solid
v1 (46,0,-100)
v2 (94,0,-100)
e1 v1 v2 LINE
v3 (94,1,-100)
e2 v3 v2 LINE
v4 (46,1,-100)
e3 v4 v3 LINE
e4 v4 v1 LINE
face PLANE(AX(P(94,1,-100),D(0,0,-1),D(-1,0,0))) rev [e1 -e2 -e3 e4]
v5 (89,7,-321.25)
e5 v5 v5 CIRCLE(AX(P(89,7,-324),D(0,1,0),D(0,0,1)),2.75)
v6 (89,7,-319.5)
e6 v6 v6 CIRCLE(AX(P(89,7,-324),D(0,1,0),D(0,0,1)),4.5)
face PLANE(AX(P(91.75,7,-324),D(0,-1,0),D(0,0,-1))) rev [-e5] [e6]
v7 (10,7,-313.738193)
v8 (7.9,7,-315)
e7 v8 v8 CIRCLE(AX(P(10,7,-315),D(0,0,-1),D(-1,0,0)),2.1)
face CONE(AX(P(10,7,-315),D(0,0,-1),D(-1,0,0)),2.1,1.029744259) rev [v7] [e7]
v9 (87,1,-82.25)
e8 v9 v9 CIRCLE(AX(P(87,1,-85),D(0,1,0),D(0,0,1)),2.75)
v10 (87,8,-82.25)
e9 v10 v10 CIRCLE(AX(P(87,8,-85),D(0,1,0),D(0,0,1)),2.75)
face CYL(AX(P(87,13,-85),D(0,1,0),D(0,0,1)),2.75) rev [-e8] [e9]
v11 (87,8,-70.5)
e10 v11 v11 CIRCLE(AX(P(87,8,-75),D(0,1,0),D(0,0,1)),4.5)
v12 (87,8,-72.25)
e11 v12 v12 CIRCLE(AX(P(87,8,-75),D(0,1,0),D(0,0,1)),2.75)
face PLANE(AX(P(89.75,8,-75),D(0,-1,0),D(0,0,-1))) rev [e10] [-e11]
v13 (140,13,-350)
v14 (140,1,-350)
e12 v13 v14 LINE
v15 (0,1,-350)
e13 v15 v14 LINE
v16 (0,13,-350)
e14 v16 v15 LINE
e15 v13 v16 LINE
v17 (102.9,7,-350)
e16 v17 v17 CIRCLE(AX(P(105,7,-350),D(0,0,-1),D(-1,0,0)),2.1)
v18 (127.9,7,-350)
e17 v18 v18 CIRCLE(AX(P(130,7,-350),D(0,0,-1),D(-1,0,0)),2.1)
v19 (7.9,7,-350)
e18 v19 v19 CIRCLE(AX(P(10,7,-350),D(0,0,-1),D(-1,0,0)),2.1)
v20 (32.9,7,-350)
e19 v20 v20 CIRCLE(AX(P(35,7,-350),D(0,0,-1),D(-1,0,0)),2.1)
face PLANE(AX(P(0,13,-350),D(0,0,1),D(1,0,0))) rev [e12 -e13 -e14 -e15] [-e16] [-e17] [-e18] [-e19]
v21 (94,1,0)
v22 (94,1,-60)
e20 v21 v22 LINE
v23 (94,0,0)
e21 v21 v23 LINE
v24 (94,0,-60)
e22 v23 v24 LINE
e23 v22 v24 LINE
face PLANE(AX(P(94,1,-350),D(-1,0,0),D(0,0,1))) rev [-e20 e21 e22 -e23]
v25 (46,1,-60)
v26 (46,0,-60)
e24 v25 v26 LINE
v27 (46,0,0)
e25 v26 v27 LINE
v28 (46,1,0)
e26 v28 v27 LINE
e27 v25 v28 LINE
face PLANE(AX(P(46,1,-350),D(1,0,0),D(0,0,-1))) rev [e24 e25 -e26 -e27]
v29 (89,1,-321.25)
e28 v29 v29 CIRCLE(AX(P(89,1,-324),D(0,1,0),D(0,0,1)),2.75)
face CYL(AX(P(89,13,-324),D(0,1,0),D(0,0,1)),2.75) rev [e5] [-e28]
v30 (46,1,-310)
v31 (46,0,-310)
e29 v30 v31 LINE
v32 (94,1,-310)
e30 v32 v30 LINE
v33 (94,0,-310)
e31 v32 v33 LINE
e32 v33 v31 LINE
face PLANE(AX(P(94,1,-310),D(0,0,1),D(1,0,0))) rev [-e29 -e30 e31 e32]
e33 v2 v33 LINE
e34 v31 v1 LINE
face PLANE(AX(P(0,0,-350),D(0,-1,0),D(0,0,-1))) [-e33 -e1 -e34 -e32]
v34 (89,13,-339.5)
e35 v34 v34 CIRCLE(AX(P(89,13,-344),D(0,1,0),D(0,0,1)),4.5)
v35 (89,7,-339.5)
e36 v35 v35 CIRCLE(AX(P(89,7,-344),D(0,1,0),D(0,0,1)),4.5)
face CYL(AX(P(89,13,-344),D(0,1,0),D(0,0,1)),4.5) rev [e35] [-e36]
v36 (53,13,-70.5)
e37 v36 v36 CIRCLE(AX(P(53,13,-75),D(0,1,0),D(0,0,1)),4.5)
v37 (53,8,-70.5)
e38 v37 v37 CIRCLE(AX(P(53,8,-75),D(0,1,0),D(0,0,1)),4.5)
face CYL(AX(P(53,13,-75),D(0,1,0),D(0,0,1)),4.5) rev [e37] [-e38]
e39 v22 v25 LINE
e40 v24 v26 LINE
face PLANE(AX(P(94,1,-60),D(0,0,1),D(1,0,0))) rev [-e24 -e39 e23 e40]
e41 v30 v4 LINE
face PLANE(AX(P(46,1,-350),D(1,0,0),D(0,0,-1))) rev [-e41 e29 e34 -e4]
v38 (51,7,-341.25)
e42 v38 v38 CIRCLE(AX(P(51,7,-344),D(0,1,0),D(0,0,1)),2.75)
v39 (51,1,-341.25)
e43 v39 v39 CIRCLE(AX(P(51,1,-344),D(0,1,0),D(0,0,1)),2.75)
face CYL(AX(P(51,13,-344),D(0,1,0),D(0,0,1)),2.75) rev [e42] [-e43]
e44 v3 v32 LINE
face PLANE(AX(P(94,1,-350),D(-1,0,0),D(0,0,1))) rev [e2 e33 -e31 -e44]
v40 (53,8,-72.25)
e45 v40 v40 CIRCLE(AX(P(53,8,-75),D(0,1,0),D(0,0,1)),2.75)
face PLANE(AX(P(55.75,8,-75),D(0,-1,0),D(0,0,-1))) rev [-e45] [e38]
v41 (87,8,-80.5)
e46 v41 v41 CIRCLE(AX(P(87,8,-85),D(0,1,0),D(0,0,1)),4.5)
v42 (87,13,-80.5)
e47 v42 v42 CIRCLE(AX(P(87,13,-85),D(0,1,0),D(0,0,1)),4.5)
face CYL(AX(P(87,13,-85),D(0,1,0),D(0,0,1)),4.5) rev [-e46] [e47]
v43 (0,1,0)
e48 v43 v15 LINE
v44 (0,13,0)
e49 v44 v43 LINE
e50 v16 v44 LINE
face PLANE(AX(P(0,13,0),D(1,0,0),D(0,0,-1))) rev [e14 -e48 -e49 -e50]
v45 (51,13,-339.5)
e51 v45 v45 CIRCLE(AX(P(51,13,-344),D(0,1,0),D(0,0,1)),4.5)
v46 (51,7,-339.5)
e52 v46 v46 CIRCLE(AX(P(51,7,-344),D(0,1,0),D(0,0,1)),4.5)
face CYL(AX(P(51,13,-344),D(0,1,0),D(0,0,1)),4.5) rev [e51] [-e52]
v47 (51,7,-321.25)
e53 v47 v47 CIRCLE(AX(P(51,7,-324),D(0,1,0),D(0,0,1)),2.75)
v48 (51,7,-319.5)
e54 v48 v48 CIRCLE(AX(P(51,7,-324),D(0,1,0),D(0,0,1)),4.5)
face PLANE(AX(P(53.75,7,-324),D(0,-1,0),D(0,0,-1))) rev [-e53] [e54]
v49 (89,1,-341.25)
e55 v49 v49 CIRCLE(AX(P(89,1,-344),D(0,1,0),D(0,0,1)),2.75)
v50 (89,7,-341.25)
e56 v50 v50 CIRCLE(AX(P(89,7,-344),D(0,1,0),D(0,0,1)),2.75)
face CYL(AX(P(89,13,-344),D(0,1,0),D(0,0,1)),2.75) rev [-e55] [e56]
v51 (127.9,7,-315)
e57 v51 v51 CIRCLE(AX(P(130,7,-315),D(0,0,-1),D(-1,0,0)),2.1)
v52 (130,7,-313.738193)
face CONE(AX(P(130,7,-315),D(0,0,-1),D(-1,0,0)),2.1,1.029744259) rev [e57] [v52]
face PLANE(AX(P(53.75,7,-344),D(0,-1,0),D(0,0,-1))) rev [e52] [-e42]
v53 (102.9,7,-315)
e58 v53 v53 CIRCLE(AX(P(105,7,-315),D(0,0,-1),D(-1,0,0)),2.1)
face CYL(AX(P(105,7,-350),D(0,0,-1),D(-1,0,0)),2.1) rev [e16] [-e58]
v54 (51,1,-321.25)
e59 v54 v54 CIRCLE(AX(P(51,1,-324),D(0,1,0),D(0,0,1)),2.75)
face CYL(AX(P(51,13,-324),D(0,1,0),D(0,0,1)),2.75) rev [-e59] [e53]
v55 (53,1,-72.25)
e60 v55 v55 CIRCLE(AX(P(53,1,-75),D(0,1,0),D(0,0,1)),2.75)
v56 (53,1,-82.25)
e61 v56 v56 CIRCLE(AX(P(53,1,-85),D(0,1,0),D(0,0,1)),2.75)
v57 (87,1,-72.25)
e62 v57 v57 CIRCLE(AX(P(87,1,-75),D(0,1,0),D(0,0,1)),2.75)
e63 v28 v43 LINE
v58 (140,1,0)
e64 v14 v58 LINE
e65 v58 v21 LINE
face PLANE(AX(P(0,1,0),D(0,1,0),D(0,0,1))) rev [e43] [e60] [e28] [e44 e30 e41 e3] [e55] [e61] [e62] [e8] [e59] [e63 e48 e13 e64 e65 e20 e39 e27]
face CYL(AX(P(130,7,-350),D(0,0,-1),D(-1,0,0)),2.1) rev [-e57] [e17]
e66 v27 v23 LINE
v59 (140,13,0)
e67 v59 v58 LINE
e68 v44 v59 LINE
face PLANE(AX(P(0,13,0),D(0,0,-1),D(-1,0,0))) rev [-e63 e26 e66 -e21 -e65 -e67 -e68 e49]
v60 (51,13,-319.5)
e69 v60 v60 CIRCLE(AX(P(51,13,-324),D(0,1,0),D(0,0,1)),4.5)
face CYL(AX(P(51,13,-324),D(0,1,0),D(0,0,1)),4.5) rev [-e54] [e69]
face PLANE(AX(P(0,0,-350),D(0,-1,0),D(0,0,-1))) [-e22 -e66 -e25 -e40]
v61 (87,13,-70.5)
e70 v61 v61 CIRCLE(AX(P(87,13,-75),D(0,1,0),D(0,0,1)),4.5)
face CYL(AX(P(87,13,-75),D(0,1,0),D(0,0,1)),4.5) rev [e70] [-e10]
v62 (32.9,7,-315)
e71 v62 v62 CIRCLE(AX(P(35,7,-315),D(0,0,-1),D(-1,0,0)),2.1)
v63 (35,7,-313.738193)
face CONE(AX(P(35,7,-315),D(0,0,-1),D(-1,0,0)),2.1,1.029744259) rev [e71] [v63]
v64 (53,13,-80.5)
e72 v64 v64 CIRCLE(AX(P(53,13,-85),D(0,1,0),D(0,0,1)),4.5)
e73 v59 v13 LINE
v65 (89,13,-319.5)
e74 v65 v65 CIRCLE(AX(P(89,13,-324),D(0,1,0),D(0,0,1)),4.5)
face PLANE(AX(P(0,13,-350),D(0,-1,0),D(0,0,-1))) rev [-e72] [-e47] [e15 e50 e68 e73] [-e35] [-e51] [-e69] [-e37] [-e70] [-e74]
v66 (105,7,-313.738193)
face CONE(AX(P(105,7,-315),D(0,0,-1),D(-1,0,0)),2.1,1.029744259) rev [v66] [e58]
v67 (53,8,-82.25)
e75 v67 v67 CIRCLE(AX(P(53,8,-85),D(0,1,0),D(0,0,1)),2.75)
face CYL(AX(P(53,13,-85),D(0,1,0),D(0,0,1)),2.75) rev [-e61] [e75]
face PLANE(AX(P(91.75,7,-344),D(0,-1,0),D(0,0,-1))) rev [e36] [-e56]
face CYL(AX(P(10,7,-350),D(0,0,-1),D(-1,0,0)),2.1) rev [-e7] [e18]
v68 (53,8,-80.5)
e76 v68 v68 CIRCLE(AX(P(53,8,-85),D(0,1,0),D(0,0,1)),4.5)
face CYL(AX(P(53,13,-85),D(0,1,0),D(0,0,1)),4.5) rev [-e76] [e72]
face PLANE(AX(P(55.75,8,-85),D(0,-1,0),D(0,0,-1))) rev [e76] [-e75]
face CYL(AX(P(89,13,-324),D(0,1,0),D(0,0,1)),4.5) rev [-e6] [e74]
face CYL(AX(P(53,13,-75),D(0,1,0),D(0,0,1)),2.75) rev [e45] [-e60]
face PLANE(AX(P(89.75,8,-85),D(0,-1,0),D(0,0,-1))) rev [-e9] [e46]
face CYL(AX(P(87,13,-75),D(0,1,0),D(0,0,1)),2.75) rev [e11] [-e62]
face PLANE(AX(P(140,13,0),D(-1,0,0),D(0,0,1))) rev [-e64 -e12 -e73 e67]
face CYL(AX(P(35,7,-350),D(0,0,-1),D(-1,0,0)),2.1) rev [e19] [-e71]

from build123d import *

# Parameters (mm, degrees)
SZKIC1_W                                             = 140
SZKIC1_H                                             = 350
DODANIE_WYCI_GNI_CIE1_DEPTH                          = 13
SZKIC2_W                                             = 46
SZKIC2_H                                             = 350
WYTNIJ_WYCI_GNI_CIE1_DEPTH                           = 1
OTW_R_GWINTOWANY_M5X0_81_D                           = 4.2
OTW_R_GWINTOWANY_M5X0_81_DEPTH                       = 35
OTW_R_GWINTOWANY_M5X0_81_TIP                         = 1.2618073
SZKIC12_W                                            = 48
SZKIC12_H                                            = 40
WYTNIJ_WYCI_GNI_CIE3_DEPTH                           = 1
POG_BIENIE_WALCOWE_POD_M5_WKR_T_DO_CZ_CI_D           = 5.5
POG_BIENIE_WALCOWE_POD_M5_WKR_T_DO_CZ_CI_CBORE_D     = 9
POG_BIENIE_WALCOWE_POD_M5_WKR_T_DO_CZ_CI_CBORE_DEPTH = 6
POG_BIENIE_WALCOWE_POD_M5_WKR_T_DO_C_2_D             = 5.5
POG_BIENIE_WALCOWE_POD_M5_WKR_T_DO_C_2_CBORE_D       = 9
POG_BIENIE_WALCOWE_POD_M5_WKR_T_DO_C_2_CBORE_DEPTH   = 5


with BuildPart() as part:
    # Szkic1 → Dodanie-wyciągnięcie1 (new body)
    with BuildSketch(Plane(origin=(0, 0, 0), x_dir=(1, 0, 0), z_dir=(0, 1, 0))):
        with Locations((70, 175)):
            Rectangle(SZKIC1_W, SZKIC1_H)
    extrude(amount=DODANIE_WYCI_GNI_CIE1_DEPTH)

    # Szkic2 → Wytnij-wyciągnięcie1 (cut)
    with BuildSketch(Plane.XZ):
        with Locations((23, -175)):
            Rectangle(SZKIC2_W, SZKIC2_H)
        with Locations((117, -175)):
            Rectangle(SZKIC2_W, SZKIC2_H)
    extrude(amount=-WYTNIJ_WYCI_GNI_CIE1_DEPTH, mode=Mode.SUBTRACT)

    # Otwór gwintowany M5x0.81
    with Locations(Plane(origin=(0, 0, -350), x_dir=(-1, 0, 0), z_dir=(0, 0, -1))):
        with Locations((-130, 7), (-105, 7), (-35, 7), (-10, 7)):
            Hole(OTW_R_GWINTOWANY_M5X0_81_D / 2, depth=OTW_R_GWINTOWANY_M5X0_81_DEPTH)
            with Locations((0, 0, -(OTW_R_GWINTOWANY_M5X0_81_DEPTH + OTW_R_GWINTOWANY_M5X0_81_TIP / 2))):  # 118° drill point
                Cone(0, OTW_R_GWINTOWANY_M5X0_81_D / 2, OTW_R_GWINTOWANY_M5X0_81_TIP, mode=Mode.SUBTRACT)

    # Szkic12 → Wytnij-wyciągnięcie3 (cut)
    with BuildSketch(Plane(origin=(0, 0, 0), x_dir=(-1, 0, 0), z_dir=(0, -1, 0))):
        with Locations((-70, 80)):
            Rectangle(SZKIC12_W, SZKIC12_H)
        with Locations((-70, 330)):
            Rectangle(SZKIC12_W, SZKIC12_H)
    extrude(amount=-WYTNIJ_WYCI_GNI_CIE3_DEPTH, mode=Mode.SUBTRACT)

    # Pog_bienie walcowe pod M5 Wkr_t do cz_ci (through all)
    with Locations(Plane(origin=(0, 13, 0), x_dir=(1, 0, 0), z_dir=(0, 1, 0))):
        with Locations((51, 344), (89, 344), (51, 324), (89, 324)):
            CounterBoreHole(POG_BIENIE_WALCOWE_POD_M5_WKR_T_DO_CZ_CI_D / 2, POG_BIENIE_WALCOWE_POD_M5_WKR_T_DO_CZ_CI_CBORE_D / 2, POG_BIENIE_WALCOWE_POD_M5_WKR_T_DO_CZ_CI_CBORE_DEPTH)

    # Pog_bienie walcowe pod M5 Wkr_t do c 2 (through all)
    with Locations(Plane(origin=(0, 13, 0), x_dir=(1, 0, 0), z_dir=(0, 1, 0))):
        with Locations((53, 85), (87, 85), (53, 75), (87, 75)):
            CounterBoreHole(POG_BIENIE_WALCOWE_POD_M5_WKR_T_DO_C_2_D / 2, POG_BIENIE_WALCOWE_POD_M5_WKR_T_DO_C_2_CBORE_D / 2, POG_BIENIE_WALCOWE_POD_M5_WKR_T_DO_C_2_CBORE_DEPTH)


solid = part.part
